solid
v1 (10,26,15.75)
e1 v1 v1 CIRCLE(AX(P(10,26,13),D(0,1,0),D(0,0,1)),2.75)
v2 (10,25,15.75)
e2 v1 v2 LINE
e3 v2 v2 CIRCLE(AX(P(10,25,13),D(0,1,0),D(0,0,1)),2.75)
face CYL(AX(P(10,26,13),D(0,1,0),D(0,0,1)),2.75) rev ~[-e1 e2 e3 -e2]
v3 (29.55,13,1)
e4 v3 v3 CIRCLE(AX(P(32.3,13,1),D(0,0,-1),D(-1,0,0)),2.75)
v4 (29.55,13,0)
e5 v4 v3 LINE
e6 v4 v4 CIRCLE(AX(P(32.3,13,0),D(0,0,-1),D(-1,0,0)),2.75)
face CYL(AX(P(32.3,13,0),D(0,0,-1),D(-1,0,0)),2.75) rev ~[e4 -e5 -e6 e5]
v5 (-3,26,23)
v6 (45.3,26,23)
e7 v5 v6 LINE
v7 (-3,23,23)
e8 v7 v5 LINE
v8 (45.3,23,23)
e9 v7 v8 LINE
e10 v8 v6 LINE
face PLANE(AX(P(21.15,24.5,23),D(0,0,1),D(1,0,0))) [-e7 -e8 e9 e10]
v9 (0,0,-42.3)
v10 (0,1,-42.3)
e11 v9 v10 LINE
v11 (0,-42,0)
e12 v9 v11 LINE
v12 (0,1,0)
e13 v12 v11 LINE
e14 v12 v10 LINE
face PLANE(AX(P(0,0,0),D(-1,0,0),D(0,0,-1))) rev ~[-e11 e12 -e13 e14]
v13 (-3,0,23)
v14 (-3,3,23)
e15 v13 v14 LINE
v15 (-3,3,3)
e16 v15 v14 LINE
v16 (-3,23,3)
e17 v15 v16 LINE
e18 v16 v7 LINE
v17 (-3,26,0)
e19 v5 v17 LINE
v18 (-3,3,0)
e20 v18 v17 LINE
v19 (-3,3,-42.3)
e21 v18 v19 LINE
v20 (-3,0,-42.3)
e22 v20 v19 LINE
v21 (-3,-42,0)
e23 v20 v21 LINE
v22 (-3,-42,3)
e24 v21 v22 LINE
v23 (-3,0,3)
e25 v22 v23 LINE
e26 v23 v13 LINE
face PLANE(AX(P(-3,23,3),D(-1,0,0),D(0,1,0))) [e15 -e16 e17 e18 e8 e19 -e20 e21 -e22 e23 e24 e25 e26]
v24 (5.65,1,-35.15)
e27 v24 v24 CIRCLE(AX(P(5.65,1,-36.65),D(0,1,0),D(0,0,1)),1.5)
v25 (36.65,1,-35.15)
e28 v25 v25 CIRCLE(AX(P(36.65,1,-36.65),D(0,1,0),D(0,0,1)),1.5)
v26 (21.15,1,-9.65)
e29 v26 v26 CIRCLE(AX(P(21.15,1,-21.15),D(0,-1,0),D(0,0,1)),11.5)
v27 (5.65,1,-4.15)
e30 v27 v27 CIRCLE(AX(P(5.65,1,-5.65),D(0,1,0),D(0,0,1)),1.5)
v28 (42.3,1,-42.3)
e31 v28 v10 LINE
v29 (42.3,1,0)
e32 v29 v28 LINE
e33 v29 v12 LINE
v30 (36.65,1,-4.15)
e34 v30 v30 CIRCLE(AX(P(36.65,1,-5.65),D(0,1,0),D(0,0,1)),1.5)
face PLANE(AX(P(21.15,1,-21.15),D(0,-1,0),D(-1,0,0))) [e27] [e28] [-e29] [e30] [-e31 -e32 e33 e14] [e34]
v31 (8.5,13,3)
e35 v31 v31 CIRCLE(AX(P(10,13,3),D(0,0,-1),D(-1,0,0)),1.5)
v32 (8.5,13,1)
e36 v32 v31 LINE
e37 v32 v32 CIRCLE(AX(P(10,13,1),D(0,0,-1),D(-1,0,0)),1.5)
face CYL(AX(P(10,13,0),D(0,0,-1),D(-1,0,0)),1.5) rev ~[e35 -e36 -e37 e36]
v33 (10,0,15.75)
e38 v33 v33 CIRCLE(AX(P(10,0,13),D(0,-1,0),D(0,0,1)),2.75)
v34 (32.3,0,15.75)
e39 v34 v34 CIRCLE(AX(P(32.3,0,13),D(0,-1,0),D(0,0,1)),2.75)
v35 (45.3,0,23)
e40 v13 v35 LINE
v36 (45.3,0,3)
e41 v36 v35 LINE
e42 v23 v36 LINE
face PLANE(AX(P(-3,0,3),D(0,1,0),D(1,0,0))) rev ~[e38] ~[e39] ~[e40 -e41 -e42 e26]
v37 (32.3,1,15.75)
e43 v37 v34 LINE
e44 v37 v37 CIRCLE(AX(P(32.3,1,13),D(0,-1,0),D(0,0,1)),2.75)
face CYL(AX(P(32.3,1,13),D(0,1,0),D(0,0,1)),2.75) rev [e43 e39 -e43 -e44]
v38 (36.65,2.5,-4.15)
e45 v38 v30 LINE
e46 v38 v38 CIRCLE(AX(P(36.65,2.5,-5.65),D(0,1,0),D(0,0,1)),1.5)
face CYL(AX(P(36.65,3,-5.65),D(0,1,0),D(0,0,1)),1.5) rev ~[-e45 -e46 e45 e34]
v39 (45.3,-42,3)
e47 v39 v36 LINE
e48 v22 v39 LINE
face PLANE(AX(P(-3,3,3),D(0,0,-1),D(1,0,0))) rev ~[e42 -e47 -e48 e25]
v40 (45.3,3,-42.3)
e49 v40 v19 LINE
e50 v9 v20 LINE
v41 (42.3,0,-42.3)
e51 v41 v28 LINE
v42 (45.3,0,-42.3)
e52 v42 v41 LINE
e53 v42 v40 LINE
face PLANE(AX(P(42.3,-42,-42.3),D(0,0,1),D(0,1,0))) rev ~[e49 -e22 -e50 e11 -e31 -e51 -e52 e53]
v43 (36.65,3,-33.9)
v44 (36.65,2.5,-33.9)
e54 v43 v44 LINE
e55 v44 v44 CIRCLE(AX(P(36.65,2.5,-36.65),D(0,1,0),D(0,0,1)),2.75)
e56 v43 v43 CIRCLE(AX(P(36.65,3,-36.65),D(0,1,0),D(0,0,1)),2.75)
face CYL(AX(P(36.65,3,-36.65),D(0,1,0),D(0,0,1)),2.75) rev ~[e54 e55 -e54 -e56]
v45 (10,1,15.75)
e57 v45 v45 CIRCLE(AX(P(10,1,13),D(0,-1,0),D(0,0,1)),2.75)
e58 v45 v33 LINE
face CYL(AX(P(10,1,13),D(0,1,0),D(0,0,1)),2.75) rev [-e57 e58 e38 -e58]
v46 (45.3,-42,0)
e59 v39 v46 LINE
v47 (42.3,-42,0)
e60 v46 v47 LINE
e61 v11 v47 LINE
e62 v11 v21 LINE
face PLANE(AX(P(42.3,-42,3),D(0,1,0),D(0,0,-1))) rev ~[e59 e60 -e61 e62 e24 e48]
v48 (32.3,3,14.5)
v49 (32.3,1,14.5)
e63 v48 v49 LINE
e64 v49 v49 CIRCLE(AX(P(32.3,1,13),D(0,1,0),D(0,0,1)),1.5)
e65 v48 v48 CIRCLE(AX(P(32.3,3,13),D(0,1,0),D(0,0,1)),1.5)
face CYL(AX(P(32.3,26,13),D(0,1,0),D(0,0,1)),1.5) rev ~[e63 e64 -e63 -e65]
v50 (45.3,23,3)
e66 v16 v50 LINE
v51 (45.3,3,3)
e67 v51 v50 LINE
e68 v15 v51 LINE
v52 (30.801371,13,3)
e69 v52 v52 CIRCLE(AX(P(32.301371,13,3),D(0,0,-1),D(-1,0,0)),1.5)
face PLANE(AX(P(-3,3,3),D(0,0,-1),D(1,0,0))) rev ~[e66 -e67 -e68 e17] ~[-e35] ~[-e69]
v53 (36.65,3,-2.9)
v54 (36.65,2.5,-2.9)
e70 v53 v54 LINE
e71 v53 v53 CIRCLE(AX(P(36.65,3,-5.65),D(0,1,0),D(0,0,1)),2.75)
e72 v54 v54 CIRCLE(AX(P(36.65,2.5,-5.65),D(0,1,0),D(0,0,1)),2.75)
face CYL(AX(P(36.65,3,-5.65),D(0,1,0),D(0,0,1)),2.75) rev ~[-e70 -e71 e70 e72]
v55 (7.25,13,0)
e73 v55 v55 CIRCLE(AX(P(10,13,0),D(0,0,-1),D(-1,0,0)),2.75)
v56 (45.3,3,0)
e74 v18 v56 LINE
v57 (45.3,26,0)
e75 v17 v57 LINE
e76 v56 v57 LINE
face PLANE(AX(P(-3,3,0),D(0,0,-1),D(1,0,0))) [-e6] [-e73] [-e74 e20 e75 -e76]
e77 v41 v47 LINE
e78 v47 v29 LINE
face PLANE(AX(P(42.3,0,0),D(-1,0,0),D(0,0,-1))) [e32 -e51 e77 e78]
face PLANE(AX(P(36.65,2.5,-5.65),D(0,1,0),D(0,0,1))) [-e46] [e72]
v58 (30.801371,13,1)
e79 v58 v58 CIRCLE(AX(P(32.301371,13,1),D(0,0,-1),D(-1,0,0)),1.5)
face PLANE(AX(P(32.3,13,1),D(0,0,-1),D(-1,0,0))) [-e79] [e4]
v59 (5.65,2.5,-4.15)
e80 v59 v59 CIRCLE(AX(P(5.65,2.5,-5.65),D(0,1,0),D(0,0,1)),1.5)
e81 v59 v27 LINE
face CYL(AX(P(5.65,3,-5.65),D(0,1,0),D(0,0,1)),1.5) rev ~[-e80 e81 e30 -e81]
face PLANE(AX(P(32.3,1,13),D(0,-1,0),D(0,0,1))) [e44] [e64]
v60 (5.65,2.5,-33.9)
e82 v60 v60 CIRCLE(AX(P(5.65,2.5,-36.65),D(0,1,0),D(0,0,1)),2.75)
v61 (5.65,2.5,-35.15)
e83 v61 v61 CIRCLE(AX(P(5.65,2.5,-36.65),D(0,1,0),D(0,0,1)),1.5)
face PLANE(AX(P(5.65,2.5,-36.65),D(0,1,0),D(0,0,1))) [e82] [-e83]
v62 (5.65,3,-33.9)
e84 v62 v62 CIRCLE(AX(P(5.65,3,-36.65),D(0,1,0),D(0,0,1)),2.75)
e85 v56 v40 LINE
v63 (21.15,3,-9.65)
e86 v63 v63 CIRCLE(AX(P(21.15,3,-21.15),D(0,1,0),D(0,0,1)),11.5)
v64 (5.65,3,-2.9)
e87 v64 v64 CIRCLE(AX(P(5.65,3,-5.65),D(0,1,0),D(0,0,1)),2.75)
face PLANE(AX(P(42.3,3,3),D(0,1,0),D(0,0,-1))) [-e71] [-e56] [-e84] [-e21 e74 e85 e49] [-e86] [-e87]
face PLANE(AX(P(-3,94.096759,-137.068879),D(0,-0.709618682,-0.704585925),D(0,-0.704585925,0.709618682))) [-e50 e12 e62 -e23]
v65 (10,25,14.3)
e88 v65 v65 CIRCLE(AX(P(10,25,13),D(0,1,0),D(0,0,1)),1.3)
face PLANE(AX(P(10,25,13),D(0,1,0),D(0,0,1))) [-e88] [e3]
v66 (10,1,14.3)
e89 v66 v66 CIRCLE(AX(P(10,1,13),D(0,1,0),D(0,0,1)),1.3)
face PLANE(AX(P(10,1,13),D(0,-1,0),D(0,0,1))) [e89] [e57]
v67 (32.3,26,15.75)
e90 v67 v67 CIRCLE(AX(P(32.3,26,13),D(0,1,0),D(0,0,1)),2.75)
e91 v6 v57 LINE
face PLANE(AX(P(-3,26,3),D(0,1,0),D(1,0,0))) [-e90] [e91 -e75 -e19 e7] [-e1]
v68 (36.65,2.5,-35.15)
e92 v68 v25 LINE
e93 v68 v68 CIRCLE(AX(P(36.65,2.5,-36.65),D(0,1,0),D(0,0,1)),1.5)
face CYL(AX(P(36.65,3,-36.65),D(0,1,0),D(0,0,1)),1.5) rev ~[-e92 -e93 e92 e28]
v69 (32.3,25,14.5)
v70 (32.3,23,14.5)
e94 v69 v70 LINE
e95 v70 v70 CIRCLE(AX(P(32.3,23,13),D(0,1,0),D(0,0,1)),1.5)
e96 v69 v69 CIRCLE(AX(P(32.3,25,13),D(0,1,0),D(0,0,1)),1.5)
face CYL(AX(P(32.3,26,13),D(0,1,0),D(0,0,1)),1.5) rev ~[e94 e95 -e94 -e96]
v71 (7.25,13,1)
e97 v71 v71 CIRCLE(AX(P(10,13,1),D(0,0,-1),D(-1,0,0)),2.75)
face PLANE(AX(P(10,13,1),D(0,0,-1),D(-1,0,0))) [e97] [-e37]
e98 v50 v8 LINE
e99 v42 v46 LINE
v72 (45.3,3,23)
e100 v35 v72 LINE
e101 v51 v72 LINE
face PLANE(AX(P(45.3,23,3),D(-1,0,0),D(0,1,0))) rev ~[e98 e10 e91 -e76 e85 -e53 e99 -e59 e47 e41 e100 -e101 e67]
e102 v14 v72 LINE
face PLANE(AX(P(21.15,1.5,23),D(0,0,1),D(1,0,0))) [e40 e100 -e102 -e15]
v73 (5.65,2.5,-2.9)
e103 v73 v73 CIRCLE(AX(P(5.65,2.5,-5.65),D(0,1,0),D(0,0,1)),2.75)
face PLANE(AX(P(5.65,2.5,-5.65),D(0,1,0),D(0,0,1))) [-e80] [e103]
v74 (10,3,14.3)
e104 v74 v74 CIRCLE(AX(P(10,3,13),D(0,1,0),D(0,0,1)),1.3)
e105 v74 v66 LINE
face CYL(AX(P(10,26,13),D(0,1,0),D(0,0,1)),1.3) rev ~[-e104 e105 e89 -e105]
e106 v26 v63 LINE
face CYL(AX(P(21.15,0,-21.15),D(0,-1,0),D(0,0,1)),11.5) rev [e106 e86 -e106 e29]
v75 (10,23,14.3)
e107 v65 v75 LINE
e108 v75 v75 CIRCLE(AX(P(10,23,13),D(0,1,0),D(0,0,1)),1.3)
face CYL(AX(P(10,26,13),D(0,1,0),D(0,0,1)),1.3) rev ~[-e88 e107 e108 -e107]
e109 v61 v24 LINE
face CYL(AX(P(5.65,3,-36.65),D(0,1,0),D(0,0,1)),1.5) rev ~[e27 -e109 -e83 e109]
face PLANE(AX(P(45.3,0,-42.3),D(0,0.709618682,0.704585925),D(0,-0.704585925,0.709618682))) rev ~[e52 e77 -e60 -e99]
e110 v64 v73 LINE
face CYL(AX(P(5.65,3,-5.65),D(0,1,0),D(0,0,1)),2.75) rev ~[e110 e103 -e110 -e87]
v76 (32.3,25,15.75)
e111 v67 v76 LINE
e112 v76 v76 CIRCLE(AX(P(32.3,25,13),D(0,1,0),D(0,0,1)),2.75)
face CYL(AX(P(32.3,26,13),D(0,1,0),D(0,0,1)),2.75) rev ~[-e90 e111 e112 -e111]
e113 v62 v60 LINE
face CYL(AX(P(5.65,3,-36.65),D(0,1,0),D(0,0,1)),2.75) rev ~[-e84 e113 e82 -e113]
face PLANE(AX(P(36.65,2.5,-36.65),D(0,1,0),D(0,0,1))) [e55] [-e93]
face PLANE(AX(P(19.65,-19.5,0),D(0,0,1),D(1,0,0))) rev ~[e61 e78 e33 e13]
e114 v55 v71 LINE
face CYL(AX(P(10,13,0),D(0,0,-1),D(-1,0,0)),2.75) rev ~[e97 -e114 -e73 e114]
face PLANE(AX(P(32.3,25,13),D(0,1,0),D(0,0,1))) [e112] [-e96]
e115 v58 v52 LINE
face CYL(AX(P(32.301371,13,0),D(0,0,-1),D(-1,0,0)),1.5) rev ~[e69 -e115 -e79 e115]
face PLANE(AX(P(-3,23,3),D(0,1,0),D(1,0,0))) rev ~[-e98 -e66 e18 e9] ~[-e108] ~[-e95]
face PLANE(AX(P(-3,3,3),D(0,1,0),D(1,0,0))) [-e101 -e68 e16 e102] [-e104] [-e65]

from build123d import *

# Parameters (mm, degrees)
SKETCH1_W                = 42.3
SKETCH1_H                = 42.3
SKETCH1_R                = 11.5
BOSS_EXTRUDE2_DEPTH      = 3
SKETCH2_R                = 1.5
CUT_EXTRUDE1_DEPTH       = 3
BOSS_EXTRUDE3_DEPTH      = 3
BOSS_EXTRUDE3_DEPTH_BACK = 42
SKETCH3_W                = 3
SKETCH3_H                = 42.3
SKETCH5_W                = 45.3
SKETCH5_H                = 45
BOSS_EXTRUDE4_DEPTH      = 3
CUT_EXTRUDE3_DEPTH       = 74.092954517
CUT_EXTRUDE3_DEPTH_BACK  = 3
SKETCH8_W                = 45.3
SKETCH8_H                = 45
BOSS_EXTRUDE5_DEPTH      = 3
SKETCH12_W               = 48.3
SKETCH12_H               = 3
BOSS_EXTRUDE6_DEPTH      = 23
SKETCH14_W               = 48.3
SKETCH14_H               = 3
BOSS_EXTRUDE7_DEPTH      = 20
SKETCH17_R               = 2.75
CUT_EXTRUDE5_DEPTH       = 0.5
CUT_EXTRUDE6_DEPTH       = 75.869085743
CUT_EXTRUDE6_DEPTH_BACK  = 3
SKETCH19_W               = 48.3
SKETCH19_H               = 3
BOSS_EXTRUDE8_DEPTH      = 20
SKETCH21_R               = 1.5
CUT_EXTRUDE7_DEPTH       = 20
SKETCH23_R               = 2.75
CUT_EXTRUDE9_DEPTH       = 1
SKETCH26_R               = 2.75
CUT_EXTRUDE10_DEPTH      = 1
SKETCH27_R               = 1.3
SKETCH27_R_2             = 1.5
CUT_EXTRUDE11_DEPTH      = 41
SKETCH30_R               = 2.75
CUT_EXTRUDE12_DEPTH      = 1
SKETCH31_R               = 2.75
CUT_EXTRUDE13_DEPTH      = 1
CUT_EXTRUDE14_START      = -1
SKETCH32_R               = 2.75
CUT_EXTRUDE14_DEPTH      = 1
CUT_EXTRUDE15_START      = -1
SKETCH33_R               = 2.75
CUT_EXTRUDE15_DEPTH      = 1
SKETCH38_W               = 42.3
SKETCH38_H               = 42.3
CUT_EXTRUDE16_DEPTH      = 1


with BuildPart() as part:
    # Sketch1 → Boss-Extrude2 (new body)
    with BuildSketch(Plane(origin=(0, 0, 0), x_dir=(1, 0, 0), z_dir=(0, 1, 0))):
        with Locations((21.15, 21.15)):
            Rectangle(SKETCH1_W, SKETCH1_H)
        with Locations(Location((21.15, 21.15, 0), (0, 0, 270))):
            Circle(SKETCH1_R, mode=Mode.SUBTRACT)
    extrude(amount=BOSS_EXTRUDE2_DEPTH)

    # Sketch2 → Cut-Extrude1 (cut)
    with BuildSketch(Plane(origin=(0, 3, 0), x_dir=(1, 0, 0), z_dir=(0, 1, 0))):
        with Locations(Location((5.65, 5.65, 0), (0, 0, 270))):
            Circle(SKETCH2_R)
        with Locations(Location((5.65, 36.65, 0), (0, 0, 270))):
            Circle(SKETCH2_R)
        with Locations(Location((36.65, 36.65, 0), (0, 0, 270))):
            Circle(SKETCH2_R)
        with Locations(Location((36.65, 5.65, 0), (0, 0, 270))):
            Circle(SKETCH2_R)
    extrude(amount=-CUT_EXTRUDE1_DEPTH, mode=Mode.SUBTRACT)

    # Sketch3 → Boss-Extrude3 (add, two sides: drawn at the far end of the back side and taken through both)
    with BuildSketch(Plane(origin=(0, 0, 0), x_dir=(1, 0, 0), z_dir=(0, 1, 0)).offset(-BOSS_EXTRUDE3_DEPTH_BACK)):
        with Locations((-1.5, 21.15)):
            Rectangle(SKETCH3_W, SKETCH3_H)
    extrude(amount=BOSS_EXTRUDE3_DEPTH + BOSS_EXTRUDE3_DEPTH_BACK)

    # Sketch5 → Boss-Extrude4 (add)
    with BuildSketch(Plane.XY):
        with Locations((19.65, -19.5)):
            Rectangle(SKETCH5_W, SKETCH5_H)
    extrude(amount=BOSS_EXTRUDE4_DEPTH)

    # Sketch6 → Cut-Extrude3 (cut, two sides: drawn at the far end of the back side and taken through both)
    with BuildSketch(Plane(origin=(0, 0, 0), x_dir=(0, 0, -1), z_dir=(1, 0, 0)).offset(-CUT_EXTRUDE3_DEPTH_BACK)):
        Polygon((-94.768878565, -136.096758859), (0, -42), (42.3, 0), (137.068878565, 94.096758859), (325.262396283, -95.440998271), (93.424639153, -325.634515989), align=None)
    extrude(amount=CUT_EXTRUDE3_DEPTH + CUT_EXTRUDE3_DEPTH_BACK, mode=Mode.SUBTRACT)

    # Sketch8 → Boss-Extrude5 (add)
    with BuildSketch(Plane(origin=(42.3, 0, 0), x_dir=(0, 0, -1), z_dir=(1, 0, 0))):
        with Locations((19.65, -19.5)):
            Rectangle(SKETCH8_W, SKETCH8_H)
    extrude(amount=BOSS_EXTRUDE5_DEPTH)

    # Sketch12 → Boss-Extrude6 (add)
    with BuildSketch(Plane(origin=(0, 3, 0), x_dir=(1, 0, 0), z_dir=(0, 1, 0))):
        with Locations((21.15, -1.5)):
            Rectangle(SKETCH12_W, SKETCH12_H)
    extrude(amount=BOSS_EXTRUDE6_DEPTH)

    # Sketch14 → Boss-Extrude7 (add)
    with BuildSketch(Plane.XY.offset(3)):
        with Locations((21.15, 24.5)):
            Rectangle(SKETCH14_W, SKETCH14_H)
    extrude(amount=BOSS_EXTRUDE7_DEPTH)

    # Sketch17 → Cut-Extrude5 (cut)
    with BuildSketch(Plane(origin=(0, 3, 0), x_dir=(1, 0, 0), z_dir=(0, 1, 0))):
        with Locations(Location((36.65, 36.65, 0), (0, 0, 270))):
            Circle(SKETCH17_R)
        with Locations(Location((36.65, 5.65, 0), (0, 0, 270))):
            Circle(SKETCH17_R)
        with Locations(Location((5.65, 36.65, 0), (0, 0, 270))):
            Circle(SKETCH17_R)
        with Locations(Location((5.65, 5.65, 0), (0, 0, 270))):
            Circle(SKETCH17_R)
    extrude(amount=-CUT_EXTRUDE5_DEPTH, mode=Mode.SUBTRACT)

    # Sketch18 → Cut-Extrude6 (cut, two sides: drawn at the far end of the back side and taken through both)
    with BuildSketch(Plane.ZY.offset(-42.3).offset(-CUT_EXTRUDE6_DEPTH_BACK)):
        Polygon((-163.053000202, 119.896595945), (-42.3, 0), (0, -42), (120.753000202, -161.896595945), (-119.040191688, -403.402596349), (-402.846192092, -121.609404459), align=None)
    extrude(amount=CUT_EXTRUDE6_DEPTH + CUT_EXTRUDE6_DEPTH_BACK, mode=Mode.SUBTRACT)

    # Sketch19 → Boss-Extrude8 (add)
    with BuildSketch(Plane.XY.offset(3)):
        with Locations((21.15, 1.5)):
            Rectangle(SKETCH19_W, SKETCH19_H)
    extrude(amount=BOSS_EXTRUDE8_DEPTH)

    # Sketch21 → Cut-Extrude7 (cut)
    with BuildSketch(Plane(origin=(0, 0, 0), x_dir=(-1, 0, 0), z_dir=(0, 0, -1))):
        with Locations((-32.301370807, 13)):
            Circle(SKETCH21_R)
        with Locations((-10, 13)):
            Circle(SKETCH21_R)
    extrude(amount=-CUT_EXTRUDE7_DEPTH, mode=Mode.SUBTRACT)

    # Sketch23 → Cut-Extrude9 (cut)
    with BuildSketch(Plane(origin=(0, 0, 0), x_dir=(-1, 0, 0), z_dir=(0, 0, -1))):
        with Locations((-10, 13)):
            Circle(SKETCH23_R)
    extrude(amount=-CUT_EXTRUDE9_DEPTH, mode=Mode.SUBTRACT)

    # Sketch26 → Cut-Extrude10 (cut)
    with BuildSketch(Plane(origin=(0, 0, 0), x_dir=(-1, 0, 0), z_dir=(0, 0, -1))):
        with Locations((-32.3, 13)):
            Circle(SKETCH26_R)
    extrude(amount=-CUT_EXTRUDE10_DEPTH, mode=Mode.SUBTRACT)

    # Sketch27 → Cut-Extrude11 (cut)
    with BuildSketch(Plane(origin=(0, 26, 0), x_dir=(1, 0, 0), z_dir=(0, 1, 0))):
        with Locations(Location((10, -13, 0), (0, 0, 270))):
            Circle(SKETCH27_R)
        with Locations(Location((32.3, -13, 0), (0, 0, 270))):
            Circle(SKETCH27_R_2)
    extrude(amount=-CUT_EXTRUDE11_DEPTH, mode=Mode.SUBTRACT)

    # Sketch30 → Cut-Extrude12 (cut)
    with BuildSketch(Plane(origin=(0, 26, 0), x_dir=(1, 0, 0), z_dir=(0, 1, 0))):
        with Locations(Location((10, -13, 0), (0, 0, 270))):
            Circle(SKETCH30_R)
    extrude(amount=-CUT_EXTRUDE12_DEPTH, mode=Mode.SUBTRACT)

    # Sketch31 → Cut-Extrude13 (cut)
    with BuildSketch(Plane(origin=(0, 26, 0), x_dir=(1, 0, 0), z_dir=(0, 1, 0))):
        with Locations(Location((32.3, -13, 0), (0, 0, 270))):
            Circle(SKETCH31_R)
    extrude(amount=-CUT_EXTRUDE13_DEPTH, mode=Mode.SUBTRACT)

    # Sketch32 → Cut-Extrude14 (cut)
    with BuildSketch(Plane.XZ.offset(CUT_EXTRUDE14_START)):
        with Locations(Location((32.3, 13, 0), (0, 0, 90))):
            Circle(SKETCH32_R)
    extrude(amount=CUT_EXTRUDE14_DEPTH, mode=Mode.SUBTRACT)

    # Sketch33 → Cut-Extrude15 (cut)
    with BuildSketch(Plane.XZ.offset(CUT_EXTRUDE15_START)):
        with Locations(Location((10, 13, 0), (0, 0, 90))):
            Circle(SKETCH33_R)
    extrude(amount=CUT_EXTRUDE15_DEPTH, mode=Mode.SUBTRACT)

    # Sketch38 → Cut-Extrude16 (cut)
    with BuildSketch(Plane(origin=(0, 0, 0), x_dir=(-1, 0, 0), z_dir=(0, -1, 0))):
        with Locations((-21.15, 21.15)):
            Rectangle(SKETCH38_W, SKETCH38_H)
    extrude(amount=-CUT_EXTRUDE16_DEPTH, mode=Mode.SUBTRACT)


solid = part.part
